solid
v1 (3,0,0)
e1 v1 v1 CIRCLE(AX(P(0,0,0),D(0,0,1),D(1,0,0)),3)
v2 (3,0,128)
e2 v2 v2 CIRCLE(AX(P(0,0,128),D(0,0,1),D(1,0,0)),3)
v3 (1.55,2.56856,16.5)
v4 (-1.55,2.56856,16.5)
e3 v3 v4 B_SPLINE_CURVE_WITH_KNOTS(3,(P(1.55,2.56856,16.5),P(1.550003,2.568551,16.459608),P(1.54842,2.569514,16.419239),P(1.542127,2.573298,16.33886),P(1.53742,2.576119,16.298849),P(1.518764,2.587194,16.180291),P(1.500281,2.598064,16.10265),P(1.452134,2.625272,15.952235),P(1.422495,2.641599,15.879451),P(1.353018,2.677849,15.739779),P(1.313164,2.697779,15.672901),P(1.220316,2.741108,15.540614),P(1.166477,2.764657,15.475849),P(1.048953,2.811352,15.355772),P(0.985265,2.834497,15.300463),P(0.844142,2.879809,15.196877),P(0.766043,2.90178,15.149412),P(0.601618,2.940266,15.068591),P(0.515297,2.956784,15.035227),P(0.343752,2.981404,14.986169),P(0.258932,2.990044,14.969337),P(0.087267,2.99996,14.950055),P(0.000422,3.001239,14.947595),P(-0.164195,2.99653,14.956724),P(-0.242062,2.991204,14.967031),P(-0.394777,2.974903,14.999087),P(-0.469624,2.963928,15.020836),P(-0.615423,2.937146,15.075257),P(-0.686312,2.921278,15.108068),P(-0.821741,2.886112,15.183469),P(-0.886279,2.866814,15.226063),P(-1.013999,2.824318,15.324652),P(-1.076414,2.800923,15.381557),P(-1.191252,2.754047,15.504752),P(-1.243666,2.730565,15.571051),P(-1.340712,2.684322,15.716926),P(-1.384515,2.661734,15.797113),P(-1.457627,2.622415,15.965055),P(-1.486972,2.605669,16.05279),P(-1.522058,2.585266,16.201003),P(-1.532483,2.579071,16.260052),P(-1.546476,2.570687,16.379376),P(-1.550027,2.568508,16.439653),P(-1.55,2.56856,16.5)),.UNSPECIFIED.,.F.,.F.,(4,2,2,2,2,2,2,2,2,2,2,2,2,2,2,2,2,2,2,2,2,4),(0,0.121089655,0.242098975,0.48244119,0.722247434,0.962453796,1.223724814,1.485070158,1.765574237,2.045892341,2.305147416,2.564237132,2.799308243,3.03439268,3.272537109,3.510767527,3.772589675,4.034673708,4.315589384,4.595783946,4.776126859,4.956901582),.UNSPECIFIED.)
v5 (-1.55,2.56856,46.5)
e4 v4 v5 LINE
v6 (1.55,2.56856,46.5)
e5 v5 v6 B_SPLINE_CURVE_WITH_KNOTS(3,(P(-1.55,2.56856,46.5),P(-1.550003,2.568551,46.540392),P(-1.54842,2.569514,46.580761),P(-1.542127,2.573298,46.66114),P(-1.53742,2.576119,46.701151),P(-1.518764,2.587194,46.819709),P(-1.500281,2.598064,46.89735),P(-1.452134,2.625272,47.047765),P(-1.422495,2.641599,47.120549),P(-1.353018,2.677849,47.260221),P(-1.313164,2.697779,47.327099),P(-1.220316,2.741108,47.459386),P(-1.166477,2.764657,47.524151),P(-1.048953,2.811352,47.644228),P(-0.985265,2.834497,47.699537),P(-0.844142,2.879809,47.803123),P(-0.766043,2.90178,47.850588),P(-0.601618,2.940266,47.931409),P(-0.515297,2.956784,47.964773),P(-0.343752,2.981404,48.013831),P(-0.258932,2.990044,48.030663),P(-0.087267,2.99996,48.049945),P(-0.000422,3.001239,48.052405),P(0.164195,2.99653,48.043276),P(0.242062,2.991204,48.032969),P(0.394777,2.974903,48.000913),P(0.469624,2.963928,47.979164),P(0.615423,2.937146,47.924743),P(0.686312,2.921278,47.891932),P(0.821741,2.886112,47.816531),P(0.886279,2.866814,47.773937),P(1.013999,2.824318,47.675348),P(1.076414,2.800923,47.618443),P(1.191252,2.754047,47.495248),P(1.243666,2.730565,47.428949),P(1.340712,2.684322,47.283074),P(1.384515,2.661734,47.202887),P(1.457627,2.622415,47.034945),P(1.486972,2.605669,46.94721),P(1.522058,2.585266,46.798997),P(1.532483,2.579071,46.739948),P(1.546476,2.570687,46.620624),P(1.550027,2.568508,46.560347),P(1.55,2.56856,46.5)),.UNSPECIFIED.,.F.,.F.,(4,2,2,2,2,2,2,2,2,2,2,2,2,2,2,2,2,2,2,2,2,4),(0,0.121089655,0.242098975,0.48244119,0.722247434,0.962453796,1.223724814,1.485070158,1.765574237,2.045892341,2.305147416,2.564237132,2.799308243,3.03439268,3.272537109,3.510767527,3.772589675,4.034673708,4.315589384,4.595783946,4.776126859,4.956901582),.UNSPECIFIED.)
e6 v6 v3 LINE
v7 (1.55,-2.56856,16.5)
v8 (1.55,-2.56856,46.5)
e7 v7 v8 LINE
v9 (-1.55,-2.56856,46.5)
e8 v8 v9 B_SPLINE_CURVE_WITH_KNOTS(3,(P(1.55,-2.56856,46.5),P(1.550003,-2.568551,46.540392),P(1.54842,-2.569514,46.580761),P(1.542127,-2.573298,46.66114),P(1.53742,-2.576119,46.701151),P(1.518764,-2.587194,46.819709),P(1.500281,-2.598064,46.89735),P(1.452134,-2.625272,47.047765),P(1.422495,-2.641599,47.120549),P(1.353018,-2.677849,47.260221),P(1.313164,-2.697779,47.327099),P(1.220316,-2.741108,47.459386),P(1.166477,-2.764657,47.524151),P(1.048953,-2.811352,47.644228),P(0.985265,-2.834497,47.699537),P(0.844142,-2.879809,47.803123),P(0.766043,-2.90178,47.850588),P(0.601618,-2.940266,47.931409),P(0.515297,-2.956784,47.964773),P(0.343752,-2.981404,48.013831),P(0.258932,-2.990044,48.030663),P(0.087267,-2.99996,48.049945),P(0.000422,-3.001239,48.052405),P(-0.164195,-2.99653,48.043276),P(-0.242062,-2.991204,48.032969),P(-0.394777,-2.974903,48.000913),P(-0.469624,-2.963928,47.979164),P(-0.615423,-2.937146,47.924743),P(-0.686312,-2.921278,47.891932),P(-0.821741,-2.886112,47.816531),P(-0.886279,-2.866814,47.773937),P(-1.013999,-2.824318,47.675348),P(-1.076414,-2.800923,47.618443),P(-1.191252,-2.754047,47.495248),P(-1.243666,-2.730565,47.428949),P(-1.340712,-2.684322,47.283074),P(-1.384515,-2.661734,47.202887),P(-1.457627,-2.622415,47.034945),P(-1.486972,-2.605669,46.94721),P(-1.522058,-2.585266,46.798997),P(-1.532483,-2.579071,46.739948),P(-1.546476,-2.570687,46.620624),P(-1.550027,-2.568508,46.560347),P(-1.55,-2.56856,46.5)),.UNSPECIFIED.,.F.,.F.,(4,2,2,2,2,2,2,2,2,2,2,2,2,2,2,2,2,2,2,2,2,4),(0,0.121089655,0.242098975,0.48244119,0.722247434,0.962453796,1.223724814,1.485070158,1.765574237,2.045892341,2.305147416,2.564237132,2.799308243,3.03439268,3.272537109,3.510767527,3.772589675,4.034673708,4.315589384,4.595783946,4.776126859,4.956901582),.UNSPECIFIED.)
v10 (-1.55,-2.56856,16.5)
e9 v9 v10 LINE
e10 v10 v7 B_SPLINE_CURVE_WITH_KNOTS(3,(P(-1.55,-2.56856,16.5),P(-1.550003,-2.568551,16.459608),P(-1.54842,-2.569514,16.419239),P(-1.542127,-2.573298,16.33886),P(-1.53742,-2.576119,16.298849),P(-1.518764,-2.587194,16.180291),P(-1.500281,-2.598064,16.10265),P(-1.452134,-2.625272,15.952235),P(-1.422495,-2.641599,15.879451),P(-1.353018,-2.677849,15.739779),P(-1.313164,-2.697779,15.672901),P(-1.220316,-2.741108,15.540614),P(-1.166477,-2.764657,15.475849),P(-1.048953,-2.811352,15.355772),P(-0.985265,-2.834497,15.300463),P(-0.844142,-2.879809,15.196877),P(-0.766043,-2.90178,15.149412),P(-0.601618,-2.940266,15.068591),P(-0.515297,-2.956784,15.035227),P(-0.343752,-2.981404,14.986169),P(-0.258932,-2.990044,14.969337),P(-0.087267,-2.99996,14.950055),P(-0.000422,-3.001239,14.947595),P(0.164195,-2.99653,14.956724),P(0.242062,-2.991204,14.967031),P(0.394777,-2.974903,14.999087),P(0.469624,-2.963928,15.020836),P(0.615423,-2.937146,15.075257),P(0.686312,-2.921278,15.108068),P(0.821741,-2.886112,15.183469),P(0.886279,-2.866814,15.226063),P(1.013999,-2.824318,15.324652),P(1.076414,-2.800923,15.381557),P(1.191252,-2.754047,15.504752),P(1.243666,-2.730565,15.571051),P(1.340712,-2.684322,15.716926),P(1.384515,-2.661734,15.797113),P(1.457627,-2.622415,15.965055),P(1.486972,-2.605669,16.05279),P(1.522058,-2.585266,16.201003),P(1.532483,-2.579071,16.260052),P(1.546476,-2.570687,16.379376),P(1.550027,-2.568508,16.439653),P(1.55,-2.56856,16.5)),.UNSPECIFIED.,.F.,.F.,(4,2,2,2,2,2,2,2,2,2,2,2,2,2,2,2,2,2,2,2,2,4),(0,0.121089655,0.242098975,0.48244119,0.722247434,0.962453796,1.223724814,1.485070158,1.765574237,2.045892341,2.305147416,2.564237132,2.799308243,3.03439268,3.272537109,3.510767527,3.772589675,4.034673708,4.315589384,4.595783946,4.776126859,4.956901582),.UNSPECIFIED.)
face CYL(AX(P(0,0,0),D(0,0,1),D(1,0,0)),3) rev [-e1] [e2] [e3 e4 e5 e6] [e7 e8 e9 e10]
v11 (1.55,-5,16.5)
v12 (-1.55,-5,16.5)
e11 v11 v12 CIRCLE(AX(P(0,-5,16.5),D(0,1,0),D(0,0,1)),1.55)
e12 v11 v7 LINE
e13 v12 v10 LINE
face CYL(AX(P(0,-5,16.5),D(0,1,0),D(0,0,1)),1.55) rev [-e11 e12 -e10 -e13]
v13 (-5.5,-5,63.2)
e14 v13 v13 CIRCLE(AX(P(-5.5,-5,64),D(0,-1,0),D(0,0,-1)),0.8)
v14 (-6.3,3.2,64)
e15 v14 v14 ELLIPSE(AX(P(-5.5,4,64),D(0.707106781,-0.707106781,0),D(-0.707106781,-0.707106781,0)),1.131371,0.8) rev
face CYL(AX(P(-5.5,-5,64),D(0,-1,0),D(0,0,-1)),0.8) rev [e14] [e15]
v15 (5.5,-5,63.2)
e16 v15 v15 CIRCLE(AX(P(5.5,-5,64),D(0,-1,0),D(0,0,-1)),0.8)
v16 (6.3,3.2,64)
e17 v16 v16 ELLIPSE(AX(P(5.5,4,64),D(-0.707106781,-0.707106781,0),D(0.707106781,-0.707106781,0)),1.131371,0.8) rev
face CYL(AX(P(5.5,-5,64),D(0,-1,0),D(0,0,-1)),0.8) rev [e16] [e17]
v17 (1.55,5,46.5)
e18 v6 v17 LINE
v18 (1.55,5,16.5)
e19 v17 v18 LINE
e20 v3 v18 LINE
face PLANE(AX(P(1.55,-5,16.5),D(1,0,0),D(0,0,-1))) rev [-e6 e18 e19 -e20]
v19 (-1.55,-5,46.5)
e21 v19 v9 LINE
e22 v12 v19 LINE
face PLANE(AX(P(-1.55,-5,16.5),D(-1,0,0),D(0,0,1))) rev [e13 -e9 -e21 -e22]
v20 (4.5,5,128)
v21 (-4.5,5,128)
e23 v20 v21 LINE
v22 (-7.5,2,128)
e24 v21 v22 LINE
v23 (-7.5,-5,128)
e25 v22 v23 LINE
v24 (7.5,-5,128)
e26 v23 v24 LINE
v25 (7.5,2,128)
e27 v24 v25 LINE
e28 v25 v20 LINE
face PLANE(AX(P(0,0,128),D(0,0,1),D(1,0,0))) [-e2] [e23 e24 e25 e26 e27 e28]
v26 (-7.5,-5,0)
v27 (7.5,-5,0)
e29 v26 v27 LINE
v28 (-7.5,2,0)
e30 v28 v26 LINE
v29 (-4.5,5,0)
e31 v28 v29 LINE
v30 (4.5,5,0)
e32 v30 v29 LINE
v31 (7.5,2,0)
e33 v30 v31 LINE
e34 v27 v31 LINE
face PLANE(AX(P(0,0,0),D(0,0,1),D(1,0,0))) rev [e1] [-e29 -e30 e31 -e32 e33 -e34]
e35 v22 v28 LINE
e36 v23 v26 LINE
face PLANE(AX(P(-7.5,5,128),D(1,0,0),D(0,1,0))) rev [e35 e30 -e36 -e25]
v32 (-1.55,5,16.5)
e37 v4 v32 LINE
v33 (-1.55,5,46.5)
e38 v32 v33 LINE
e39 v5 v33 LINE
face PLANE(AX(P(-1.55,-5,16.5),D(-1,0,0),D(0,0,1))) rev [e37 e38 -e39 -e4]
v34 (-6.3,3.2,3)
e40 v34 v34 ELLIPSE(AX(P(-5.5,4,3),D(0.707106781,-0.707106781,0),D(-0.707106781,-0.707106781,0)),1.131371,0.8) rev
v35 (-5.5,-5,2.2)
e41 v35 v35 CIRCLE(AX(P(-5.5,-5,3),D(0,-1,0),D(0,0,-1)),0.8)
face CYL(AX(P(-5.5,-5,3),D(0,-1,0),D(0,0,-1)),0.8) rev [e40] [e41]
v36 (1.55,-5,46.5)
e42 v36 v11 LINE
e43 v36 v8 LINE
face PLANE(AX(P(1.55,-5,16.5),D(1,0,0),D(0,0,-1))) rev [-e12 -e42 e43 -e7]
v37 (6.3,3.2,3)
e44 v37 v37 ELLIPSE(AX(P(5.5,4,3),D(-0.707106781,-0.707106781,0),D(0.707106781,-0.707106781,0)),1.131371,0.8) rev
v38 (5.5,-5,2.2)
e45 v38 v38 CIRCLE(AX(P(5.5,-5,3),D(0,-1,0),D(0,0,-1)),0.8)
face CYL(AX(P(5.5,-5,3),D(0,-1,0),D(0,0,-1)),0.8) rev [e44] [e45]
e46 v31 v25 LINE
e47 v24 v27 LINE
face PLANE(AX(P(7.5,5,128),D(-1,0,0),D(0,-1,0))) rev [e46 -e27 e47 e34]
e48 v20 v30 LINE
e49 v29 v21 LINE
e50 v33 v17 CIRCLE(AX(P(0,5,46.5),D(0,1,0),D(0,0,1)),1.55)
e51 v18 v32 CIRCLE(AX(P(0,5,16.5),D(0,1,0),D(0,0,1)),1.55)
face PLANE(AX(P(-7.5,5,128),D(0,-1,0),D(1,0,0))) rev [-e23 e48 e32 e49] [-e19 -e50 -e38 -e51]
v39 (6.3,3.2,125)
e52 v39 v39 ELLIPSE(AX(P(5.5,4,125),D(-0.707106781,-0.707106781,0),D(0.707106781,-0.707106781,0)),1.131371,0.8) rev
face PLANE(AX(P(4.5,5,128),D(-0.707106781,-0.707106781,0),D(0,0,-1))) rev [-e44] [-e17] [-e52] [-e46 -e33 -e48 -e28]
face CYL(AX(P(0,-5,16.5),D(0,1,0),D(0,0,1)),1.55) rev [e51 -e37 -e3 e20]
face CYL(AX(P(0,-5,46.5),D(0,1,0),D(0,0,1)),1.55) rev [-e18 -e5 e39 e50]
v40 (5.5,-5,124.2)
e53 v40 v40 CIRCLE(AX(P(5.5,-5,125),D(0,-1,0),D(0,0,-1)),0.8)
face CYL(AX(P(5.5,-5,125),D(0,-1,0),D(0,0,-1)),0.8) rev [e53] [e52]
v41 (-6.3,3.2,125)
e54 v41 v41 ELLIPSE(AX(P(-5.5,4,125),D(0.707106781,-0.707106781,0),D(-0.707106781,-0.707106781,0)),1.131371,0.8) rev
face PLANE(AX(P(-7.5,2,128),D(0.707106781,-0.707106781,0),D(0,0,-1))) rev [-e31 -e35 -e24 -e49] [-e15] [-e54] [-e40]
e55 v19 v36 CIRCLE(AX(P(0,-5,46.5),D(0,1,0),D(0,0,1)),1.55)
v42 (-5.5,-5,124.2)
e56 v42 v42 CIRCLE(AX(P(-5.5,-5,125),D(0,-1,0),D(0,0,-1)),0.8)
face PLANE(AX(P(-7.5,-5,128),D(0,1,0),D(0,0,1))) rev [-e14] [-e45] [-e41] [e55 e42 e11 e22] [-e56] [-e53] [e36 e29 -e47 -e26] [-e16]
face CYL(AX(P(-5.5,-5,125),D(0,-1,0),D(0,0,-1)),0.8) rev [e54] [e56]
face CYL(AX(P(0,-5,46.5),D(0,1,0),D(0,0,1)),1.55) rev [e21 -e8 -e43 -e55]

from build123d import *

# Parameters (mm, degrees)
ESQUISSE1_W                               = 15
ESQUISSE1_H                               = 10
BOSS_EXTRU_1_DEPTH                        = 128
ESQUISSE2_R                               = 3
ENL_V_MAT_EXTRU_1_DEPTH                   = 129.316990301
ENL_V_MAT_EXTRU_2_DEPTH                   = 129.608903269
CHANFREIN1_SIZE                           = 3
TROU_POUR_TARAUDAGE_POUR_TROU_TARAUD_M2_D = 1.6
R_P_TITION_LIN_AIRE1_COUNT                = 3
R_P_TITION_LIN_AIRE1_PITCH                = 61
R_P_TITION_LIN_AIRE1_COUNT_DIR2           = 2
R_P_TITION_LIN_AIRE1_PITCH_DIR2           = 11


with BuildPart() as part:
    # Esquisse1 → Boss.-Extru.1 (new body)
    with BuildSketch(Plane.XY):
        Rectangle(ESQUISSE1_W, ESQUISSE1_H)
    extrude(amount=BOSS_EXTRU_1_DEPTH)

    # Esquisse2 → Enlèv. mat.-Extru.1 (cut, through all)
    with BuildSketch(Plane.XY.offset(128)):
        Circle(ESQUISSE2_R)
    extrude(amount=-ENL_V_MAT_EXTRU_1_DEPTH, mode=Mode.SUBTRACT)

    # Esquisse3 → Enlèv. mat.-Extru.2 (cut, through all)
    with BuildSketch(Plane(origin=(0, 5, 0), x_dir=(1, 0, 0), z_dir=(0, 1, 0))):
        with BuildLine():
            Line((1.55, -16.5), (1.55, -46.5))
            ThreePointArc((1.55, -46.5), (0, -48.05), (-1.55, -46.5))
            Line((-1.55, -46.5), (-1.55, -16.5))
            ThreePointArc((-1.55, -16.5), (0, -14.95), (1.55, -16.5))
        make_face()
    extrude(amount=-ENL_V_MAT_EXTRU_2_DEPTH, mode=Mode.SUBTRACT)

    # Chanfrein1
    chanfrein1_edges = [part.edges().sort_by_distance(p)[0] for p in [
        (-7.5, 5, 64),
        (7.5, 5, 64),
    ]]
    chamfer(chanfrein1_edges, length=CHANFREIN1_SIZE)

    # Trou pour taraudage pour trou taraudé M21 (through all)
    with Locations(Plane(origin=(0, -5, 0), x_dir=(-1, 0, 0), z_dir=(0, -1, 0))):
        with Locations((5.5, -125)):
            trou_pour_taraudage_pour_trou_taraud_m2 = Hole(TROU_POUR_TARAUDAGE_POUR_TROU_TARAUD_M2_D / 2)

    # Répétition linéaire1: Trou pour taraudage pour trou taraud_ M2 3 × 2
    with Locations(*[(j * R_P_TITION_LIN_AIRE1_PITCH_DIR2, 0, -i * R_P_TITION_LIN_AIRE1_PITCH) for i in range(R_P_TITION_LIN_AIRE1_COUNT) for j in range(R_P_TITION_LIN_AIRE1_COUNT_DIR2) if (i, j) != (0, 0)]):
        add(trou_pour_taraudage_pour_trou_taraud_m2, mode=Mode.SUBTRACT)


solid = part.part
